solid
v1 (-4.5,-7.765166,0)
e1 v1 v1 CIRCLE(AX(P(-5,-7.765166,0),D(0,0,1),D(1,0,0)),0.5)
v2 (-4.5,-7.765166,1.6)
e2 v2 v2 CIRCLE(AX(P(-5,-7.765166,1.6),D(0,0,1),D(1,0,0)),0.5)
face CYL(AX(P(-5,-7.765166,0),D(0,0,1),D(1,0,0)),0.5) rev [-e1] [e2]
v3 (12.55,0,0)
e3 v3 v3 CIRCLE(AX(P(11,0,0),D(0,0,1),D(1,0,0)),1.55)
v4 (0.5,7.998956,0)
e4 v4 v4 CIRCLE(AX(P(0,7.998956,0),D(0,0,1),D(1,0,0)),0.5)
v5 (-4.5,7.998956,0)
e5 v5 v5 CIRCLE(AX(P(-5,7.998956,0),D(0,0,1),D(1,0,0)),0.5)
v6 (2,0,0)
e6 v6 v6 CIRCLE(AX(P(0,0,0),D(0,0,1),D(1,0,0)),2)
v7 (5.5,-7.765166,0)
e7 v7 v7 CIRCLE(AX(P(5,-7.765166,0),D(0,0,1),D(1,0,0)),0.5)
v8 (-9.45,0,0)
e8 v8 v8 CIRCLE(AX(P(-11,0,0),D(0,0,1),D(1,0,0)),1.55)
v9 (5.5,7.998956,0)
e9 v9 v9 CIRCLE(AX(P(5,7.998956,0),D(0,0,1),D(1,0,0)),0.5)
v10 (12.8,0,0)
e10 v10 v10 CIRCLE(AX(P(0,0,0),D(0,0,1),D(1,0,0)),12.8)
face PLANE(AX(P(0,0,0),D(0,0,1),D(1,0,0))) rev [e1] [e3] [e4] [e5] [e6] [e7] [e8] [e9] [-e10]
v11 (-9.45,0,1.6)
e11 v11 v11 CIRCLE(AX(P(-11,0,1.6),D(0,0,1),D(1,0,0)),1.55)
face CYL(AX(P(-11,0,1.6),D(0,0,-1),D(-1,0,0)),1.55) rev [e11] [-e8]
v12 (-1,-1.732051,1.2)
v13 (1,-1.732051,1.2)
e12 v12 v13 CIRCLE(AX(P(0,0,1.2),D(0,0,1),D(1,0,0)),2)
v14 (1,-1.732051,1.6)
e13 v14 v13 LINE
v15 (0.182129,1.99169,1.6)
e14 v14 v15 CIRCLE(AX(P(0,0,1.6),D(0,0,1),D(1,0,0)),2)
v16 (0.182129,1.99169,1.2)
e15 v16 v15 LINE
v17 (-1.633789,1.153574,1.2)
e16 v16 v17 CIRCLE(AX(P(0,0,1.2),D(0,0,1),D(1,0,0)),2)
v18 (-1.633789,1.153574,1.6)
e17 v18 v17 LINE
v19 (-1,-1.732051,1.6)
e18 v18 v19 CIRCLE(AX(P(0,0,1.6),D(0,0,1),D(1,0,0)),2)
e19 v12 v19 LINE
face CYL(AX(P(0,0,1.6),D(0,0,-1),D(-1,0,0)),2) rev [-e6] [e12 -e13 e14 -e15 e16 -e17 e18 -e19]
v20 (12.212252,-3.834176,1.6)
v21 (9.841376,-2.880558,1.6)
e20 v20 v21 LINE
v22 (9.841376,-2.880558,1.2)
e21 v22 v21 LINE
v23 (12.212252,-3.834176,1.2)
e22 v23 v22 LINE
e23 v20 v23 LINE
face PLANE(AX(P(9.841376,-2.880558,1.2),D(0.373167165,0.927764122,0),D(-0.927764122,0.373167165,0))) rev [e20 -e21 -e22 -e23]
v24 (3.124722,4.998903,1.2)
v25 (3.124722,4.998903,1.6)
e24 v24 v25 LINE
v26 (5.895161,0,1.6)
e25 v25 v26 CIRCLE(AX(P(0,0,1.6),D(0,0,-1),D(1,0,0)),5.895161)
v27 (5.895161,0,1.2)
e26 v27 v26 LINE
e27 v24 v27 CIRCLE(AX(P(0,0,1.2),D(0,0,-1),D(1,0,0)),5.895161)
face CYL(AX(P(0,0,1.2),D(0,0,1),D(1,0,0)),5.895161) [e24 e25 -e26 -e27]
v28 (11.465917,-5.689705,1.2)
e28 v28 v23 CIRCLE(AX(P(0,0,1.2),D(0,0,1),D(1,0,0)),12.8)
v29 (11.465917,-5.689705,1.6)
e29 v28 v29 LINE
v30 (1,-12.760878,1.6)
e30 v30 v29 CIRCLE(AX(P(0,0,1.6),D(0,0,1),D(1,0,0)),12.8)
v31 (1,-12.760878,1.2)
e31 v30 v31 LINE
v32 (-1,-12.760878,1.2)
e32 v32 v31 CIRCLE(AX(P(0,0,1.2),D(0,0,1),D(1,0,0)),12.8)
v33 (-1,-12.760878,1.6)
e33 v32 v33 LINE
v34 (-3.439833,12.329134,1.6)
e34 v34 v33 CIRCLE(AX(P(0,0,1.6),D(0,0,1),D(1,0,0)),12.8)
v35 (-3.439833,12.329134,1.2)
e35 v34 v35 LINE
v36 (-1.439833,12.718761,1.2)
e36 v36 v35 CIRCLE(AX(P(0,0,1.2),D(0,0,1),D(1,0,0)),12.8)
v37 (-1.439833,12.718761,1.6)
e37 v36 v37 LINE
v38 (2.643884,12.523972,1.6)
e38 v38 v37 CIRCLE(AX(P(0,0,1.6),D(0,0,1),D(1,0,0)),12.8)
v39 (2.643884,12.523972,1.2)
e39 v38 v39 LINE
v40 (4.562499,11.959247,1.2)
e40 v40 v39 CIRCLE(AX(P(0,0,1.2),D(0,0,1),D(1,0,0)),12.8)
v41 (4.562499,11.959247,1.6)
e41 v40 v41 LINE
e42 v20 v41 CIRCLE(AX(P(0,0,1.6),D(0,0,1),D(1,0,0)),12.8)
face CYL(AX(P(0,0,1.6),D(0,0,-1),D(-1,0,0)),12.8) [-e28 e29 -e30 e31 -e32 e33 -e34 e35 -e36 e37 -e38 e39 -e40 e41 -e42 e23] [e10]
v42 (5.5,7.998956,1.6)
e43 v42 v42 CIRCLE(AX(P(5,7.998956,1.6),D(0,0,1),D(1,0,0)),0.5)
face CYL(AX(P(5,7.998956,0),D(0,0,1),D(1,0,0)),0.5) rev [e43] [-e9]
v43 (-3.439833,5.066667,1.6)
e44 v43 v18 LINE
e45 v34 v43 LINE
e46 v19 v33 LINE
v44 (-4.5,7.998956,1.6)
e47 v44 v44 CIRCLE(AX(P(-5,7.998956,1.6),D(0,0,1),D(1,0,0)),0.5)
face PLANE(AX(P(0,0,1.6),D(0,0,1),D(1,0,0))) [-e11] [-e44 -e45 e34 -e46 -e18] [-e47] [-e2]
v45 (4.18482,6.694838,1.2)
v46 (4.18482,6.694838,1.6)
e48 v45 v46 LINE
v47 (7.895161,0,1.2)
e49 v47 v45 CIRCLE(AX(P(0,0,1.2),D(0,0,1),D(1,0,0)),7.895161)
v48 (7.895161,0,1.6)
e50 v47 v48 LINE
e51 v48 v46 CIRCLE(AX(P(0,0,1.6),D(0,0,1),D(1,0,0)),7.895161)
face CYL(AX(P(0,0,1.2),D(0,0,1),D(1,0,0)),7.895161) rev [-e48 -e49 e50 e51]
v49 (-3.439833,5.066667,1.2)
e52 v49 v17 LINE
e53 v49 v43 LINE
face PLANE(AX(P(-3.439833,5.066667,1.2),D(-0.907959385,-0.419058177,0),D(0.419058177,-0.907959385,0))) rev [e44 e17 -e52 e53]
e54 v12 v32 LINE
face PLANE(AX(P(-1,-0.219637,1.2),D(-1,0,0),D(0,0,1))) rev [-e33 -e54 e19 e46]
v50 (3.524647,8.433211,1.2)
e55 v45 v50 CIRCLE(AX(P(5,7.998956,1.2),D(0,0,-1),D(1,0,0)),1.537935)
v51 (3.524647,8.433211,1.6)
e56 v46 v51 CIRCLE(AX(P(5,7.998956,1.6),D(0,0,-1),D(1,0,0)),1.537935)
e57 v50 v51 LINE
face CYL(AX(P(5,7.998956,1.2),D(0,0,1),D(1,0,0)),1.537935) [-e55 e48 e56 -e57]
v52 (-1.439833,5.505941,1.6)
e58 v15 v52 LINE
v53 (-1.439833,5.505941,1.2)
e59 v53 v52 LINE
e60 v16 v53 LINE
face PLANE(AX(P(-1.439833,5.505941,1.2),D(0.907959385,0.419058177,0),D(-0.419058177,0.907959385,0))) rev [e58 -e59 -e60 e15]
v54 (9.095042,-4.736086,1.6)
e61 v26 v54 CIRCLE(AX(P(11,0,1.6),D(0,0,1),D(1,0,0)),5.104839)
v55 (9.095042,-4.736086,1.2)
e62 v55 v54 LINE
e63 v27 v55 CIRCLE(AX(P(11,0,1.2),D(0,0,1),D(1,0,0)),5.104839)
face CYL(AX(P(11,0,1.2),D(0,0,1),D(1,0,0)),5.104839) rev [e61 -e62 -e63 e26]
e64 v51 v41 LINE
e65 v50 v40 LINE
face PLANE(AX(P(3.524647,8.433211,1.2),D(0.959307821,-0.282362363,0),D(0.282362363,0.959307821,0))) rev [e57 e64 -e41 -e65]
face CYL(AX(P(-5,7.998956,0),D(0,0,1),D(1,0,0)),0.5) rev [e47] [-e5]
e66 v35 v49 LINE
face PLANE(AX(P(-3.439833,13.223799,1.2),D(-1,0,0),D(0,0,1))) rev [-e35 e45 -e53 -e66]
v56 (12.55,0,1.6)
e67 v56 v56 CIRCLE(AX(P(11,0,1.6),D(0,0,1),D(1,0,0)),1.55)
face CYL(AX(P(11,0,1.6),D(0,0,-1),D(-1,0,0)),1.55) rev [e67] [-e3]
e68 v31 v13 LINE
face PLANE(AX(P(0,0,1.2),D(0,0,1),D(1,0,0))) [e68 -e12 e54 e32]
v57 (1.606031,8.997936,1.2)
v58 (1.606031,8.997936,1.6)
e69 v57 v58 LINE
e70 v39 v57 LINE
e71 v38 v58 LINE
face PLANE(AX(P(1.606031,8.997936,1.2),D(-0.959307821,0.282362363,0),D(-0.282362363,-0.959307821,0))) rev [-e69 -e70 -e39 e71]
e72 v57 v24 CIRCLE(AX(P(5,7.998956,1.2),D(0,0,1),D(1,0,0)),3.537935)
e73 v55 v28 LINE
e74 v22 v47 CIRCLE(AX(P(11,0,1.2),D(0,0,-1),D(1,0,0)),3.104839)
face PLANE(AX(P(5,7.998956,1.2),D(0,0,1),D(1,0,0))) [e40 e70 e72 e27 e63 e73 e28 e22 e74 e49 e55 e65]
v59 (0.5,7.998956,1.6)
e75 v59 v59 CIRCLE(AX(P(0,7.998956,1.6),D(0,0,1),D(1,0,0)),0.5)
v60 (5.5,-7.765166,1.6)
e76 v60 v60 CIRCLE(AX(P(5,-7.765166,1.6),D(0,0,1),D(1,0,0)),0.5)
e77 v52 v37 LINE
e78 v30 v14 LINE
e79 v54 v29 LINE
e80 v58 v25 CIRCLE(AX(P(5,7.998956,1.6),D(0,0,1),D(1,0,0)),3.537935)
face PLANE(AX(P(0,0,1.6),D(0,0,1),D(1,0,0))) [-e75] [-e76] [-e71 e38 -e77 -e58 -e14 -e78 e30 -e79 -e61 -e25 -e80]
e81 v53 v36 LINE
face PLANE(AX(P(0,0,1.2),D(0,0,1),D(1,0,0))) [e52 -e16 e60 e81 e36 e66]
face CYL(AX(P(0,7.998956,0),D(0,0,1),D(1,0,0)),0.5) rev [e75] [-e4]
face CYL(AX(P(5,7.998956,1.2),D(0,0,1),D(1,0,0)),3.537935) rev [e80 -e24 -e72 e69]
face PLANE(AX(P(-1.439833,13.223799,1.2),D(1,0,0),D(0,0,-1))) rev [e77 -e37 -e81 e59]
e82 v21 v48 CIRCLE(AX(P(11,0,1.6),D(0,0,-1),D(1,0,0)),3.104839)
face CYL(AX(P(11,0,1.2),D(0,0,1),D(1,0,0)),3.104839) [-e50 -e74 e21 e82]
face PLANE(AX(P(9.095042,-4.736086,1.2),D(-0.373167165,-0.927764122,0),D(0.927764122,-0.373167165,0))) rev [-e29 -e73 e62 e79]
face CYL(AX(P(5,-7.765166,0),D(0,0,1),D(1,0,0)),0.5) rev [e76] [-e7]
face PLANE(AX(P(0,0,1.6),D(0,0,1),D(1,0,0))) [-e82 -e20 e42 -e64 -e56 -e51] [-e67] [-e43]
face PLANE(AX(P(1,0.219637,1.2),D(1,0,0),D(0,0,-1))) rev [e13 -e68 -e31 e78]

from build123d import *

# Parameters (mm, degrees)
ESQUISSE1_R             = 12.8
ESQUISSE1_R_2           = 2
ESQUISSE1_R_3           = 1.55
BOSS_EXTRU_1_DEPTH      = 1.6
ESQUISSE2_R             = 0.5
ENL_V_MAT_EXTRU_1_DEPTH = 19.172506707
ENL_V_MAT_EXTRU_2_DEPTH = 0.4


with BuildPart() as part:
    # Esquisse1 → Boss.-Extru.1 (new body)
    with BuildSketch(Plane.XY):
        Circle(ESQUISSE1_R)
        Circle(ESQUISSE1_R_2, mode=Mode.SUBTRACT)
        with Locations((-11, 0)):
            Circle(ESQUISSE1_R_3, mode=Mode.SUBTRACT)
        with Locations((11, 0)):
            Circle(ESQUISSE1_R_3, mode=Mode.SUBTRACT)
    extrude(amount=BOSS_EXTRU_1_DEPTH)

    # Esquisse2 → Enlèv. mat.-Extru.1 (cut, through all)
    with BuildSketch(Plane.XY.offset(1.6)):
        with Locations((5, -7.765166341)):
            Circle(ESQUISSE2_R)
        with Locations((-5, -7.765166341)):
            Circle(ESQUISSE2_R)
        with Locations((0, 7.998956295)):
            Circle(ESQUISSE2_R)
        with Locations((5, 7.998956295)):
            Circle(ESQUISSE2_R)
        with Locations((-5, 7.998956295)):
            Circle(ESQUISSE2_R)
    extrude(amount=-ENL_V_MAT_EXTRU_1_DEPTH, mode=Mode.SUBTRACT)

    # Esquisse4 → Enlèv. mat.-Extru.2 (cut)
    with BuildSketch(Plane.XY.offset(1.6)):
        with BuildLine():
            Line((2.849870715, 13.22379947), (4.768486358, 12.659074744))
            Line((4.768486358, 12.659074744), (3.524647017, 8.433211229))
            ThreePointArc((3.524647017, 8.433211229), (3.562251348, 7.452950263), (4.184819655, 6.694837904))
            ThreePointArc((4.184819655, 6.694837904), (6.905555582, 3.827123228), (7.895161183, 0))
            ThreePointArc((7.895161183, 0), (8.427320022, -1.738200739), (9.8413761, -2.88055806))
            Line((9.8413761, -2.88055806), (13.173167165, -4.220677813))
            Line((13.173167165, -4.220677813), (12.426832835, -6.076206058))
            Line((12.426832835, -6.076206058), (9.09504177, -4.736086305))
            ThreePointArc((9.09504177, -4.736086305), (6.770113236, -2.857872865), (5.895161183, 0))
            ThreePointArc((5.895161183, 0), (5.156242193, 2.857637453), (3.124722322, 4.998903458))
            ThreePointArc((3.124722322, 4.998903458), (1.692538076, 6.742899364), (1.606031374, 8.997935955))
            Line((1.606031374, 8.997935955), (2.849870715, 13.22379947))
        make_face()
        Polygon((-3.439832578, 13.22379947), (-1.439832578, 13.22379947), (-1.439832578, 5.505940762), (1, 0.219636844), (1, -13.772678102), (-1, -13.772678102), (-1, -0.219636844), (-3.439832578, 5.066667074), align=None)
    extrude(amount=-ENL_V_MAT_EXTRU_2_DEPTH, mode=Mode.SUBTRACT)


solid = part.part
